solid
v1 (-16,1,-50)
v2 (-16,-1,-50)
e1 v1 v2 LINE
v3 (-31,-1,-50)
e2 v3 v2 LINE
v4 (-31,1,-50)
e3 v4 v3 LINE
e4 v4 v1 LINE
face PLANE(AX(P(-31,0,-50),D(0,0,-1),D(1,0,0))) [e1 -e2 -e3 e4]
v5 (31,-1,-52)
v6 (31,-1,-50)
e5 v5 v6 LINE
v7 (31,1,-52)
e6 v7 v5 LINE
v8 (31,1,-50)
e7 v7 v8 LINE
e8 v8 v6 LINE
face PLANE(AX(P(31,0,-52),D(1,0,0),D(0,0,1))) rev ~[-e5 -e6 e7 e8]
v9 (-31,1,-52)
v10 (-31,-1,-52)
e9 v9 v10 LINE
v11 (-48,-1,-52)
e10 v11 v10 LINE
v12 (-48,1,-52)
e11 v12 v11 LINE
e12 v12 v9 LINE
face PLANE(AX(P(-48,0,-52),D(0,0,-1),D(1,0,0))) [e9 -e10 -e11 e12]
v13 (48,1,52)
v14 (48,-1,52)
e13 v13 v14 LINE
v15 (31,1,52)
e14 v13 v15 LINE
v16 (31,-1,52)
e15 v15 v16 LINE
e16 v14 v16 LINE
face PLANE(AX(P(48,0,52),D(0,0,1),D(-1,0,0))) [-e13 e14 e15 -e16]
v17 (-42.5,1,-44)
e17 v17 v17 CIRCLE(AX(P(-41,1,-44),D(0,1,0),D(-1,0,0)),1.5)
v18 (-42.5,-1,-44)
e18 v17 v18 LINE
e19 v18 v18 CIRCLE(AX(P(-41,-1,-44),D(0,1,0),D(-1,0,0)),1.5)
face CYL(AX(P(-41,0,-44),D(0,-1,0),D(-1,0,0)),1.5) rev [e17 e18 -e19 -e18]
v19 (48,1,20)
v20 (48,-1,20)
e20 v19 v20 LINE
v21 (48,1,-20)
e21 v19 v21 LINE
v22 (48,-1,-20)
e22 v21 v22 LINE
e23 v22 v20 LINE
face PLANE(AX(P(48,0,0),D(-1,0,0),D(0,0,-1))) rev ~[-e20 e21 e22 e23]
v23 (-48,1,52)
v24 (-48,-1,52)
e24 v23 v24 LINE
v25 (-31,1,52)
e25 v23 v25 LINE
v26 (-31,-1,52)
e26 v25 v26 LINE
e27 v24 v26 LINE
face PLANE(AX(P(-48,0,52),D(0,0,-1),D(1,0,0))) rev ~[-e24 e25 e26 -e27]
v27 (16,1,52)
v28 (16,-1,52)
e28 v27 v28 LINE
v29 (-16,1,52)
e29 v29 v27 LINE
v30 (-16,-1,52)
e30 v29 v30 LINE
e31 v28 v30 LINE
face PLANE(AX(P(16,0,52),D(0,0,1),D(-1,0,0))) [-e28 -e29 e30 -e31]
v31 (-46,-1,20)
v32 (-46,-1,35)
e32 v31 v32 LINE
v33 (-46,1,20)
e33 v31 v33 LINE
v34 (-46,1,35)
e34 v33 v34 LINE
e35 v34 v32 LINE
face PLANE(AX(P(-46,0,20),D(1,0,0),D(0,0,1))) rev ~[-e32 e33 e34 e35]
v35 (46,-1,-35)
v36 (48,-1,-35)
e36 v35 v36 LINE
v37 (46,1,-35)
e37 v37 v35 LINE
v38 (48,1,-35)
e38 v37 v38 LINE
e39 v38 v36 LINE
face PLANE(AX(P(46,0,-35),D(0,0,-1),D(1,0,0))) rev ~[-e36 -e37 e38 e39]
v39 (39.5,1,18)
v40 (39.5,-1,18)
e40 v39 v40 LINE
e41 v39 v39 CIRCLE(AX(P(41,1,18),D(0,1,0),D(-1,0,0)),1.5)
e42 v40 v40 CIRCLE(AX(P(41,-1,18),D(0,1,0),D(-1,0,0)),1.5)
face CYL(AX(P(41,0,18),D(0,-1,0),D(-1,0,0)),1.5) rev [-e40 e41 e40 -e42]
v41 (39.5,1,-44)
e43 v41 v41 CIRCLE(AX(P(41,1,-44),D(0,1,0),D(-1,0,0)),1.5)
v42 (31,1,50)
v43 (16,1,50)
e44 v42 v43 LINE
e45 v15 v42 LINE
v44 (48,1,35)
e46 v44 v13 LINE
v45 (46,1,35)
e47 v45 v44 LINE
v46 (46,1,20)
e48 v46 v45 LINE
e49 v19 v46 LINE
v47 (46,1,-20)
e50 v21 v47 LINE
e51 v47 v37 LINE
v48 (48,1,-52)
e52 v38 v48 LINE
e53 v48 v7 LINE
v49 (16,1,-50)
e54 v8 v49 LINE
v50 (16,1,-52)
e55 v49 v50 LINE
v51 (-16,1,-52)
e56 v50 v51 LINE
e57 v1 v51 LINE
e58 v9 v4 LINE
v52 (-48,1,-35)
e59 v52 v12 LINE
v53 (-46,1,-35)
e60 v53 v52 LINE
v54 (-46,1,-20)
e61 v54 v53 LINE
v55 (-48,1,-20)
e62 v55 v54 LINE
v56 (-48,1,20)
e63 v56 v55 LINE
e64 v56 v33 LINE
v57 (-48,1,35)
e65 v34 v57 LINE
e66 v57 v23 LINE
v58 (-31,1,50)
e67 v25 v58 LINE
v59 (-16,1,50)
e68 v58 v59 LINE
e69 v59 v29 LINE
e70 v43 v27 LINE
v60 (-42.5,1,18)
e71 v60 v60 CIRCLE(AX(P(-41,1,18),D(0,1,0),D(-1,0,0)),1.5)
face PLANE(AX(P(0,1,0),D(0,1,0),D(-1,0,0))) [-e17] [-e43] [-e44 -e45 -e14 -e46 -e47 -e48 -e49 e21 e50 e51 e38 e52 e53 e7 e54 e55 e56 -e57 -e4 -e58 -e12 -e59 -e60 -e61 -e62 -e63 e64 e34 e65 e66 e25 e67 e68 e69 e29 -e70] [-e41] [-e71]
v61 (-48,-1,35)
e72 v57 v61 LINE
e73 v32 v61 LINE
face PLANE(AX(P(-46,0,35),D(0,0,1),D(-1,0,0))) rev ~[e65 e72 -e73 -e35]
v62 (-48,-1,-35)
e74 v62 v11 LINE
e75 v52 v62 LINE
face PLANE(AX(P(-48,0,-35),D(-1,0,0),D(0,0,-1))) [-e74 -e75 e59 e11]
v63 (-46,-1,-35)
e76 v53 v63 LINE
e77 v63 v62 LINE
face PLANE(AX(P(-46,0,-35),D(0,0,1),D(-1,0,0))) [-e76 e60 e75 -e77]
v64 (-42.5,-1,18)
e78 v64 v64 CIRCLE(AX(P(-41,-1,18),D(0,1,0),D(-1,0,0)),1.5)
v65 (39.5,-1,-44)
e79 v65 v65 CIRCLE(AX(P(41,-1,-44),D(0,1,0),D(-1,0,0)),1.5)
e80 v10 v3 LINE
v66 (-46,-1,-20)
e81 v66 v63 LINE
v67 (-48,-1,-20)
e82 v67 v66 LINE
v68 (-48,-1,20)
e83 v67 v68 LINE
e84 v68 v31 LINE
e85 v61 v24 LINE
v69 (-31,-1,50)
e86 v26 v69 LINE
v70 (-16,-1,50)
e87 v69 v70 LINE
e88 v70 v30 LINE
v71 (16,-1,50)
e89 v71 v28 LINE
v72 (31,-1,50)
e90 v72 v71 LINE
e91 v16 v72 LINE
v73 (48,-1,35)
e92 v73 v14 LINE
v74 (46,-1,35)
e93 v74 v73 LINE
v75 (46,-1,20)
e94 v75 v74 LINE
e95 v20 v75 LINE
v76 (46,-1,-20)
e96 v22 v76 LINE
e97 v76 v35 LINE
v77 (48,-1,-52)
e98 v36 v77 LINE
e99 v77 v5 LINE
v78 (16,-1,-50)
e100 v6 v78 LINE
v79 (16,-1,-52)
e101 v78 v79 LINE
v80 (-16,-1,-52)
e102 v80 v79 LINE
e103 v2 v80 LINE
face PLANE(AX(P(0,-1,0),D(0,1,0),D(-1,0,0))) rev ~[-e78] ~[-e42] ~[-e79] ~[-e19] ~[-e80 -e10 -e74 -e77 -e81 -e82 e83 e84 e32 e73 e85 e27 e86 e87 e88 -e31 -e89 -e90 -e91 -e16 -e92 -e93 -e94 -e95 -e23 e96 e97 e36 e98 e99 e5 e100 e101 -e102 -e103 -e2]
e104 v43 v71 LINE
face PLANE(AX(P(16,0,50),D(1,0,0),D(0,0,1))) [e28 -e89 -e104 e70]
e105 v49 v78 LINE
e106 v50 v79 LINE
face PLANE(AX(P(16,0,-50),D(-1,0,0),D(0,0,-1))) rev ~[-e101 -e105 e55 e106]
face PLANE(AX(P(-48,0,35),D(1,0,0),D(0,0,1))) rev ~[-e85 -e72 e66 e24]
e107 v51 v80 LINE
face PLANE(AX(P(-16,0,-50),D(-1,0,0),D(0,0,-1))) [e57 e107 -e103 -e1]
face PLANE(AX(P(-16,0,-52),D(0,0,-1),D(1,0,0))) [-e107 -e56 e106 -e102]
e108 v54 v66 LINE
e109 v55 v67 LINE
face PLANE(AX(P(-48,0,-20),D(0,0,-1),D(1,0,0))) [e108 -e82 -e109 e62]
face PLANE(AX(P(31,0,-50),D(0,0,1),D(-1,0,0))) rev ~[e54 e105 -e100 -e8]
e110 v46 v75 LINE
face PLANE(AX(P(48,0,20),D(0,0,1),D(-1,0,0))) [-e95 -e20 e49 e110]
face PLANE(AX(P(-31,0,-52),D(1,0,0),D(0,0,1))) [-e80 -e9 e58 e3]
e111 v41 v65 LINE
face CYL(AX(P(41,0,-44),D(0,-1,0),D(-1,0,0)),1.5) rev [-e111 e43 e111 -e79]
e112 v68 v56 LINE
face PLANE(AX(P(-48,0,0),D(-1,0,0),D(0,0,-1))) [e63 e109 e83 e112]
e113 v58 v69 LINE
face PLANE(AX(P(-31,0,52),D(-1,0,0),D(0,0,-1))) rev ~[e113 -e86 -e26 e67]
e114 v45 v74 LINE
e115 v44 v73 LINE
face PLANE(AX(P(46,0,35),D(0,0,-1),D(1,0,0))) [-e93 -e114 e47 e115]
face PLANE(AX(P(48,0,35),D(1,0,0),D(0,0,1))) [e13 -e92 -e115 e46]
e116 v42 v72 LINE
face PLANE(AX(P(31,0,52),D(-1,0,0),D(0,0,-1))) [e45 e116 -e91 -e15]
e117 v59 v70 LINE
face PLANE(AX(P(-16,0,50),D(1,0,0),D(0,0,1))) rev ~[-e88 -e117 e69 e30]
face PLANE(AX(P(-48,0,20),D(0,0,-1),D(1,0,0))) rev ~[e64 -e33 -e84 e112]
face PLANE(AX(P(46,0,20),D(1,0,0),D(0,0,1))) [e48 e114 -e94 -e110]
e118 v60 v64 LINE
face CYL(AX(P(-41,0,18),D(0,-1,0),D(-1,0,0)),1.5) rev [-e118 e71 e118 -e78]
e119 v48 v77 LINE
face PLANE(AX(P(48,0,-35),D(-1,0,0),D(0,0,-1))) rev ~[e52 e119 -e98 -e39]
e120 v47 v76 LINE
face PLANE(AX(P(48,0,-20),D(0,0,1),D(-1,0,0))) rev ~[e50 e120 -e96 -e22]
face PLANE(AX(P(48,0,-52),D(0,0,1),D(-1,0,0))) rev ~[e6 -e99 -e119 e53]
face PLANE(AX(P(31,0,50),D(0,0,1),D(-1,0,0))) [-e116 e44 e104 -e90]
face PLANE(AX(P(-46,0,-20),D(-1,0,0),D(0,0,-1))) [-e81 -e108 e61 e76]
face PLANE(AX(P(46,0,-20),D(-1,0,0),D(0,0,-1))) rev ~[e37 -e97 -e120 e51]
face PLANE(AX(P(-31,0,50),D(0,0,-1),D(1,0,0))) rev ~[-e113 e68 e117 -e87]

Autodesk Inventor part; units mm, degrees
ref_plane "YZ Plane" through (0, 0, 0) normal (1, 0, 0) x (0, 1, 0)
ref_plane "XZ Plane" through (0, 0, 0) normal (0, 1, 0) x (-1, 0, 0)
ref_plane "XY Plane" through (0, 0, 0) normal (0, 0, 1) x (1, 0, 0)
sketch "スケッチ1" plane through (0, 0, 0) normal (0, 1, 0) x (-1, 0, 0)
  line L0 (46, 50) -> (-46, 50) construction
  line L1 (-46, 50) -> (-46, -50) construction
  line L2 (-46, -50) -> (46, -50) construction
  line L3 (46, -50) -> (46, 50) construction
  line L4 (46, 50) -> (-46, -50) construction
  line L5 (-46, 50) -> (46, -50) construction
  circle A0 centre (41, -44) radius 1.5
  line L6 (45, 22) -> (-45, 22) construction
  line L7 (-45, 22) -> (-45, -48) construction
  line L8 (-45, -48) -> (45, -48) construction
  line L9 (45, -48) -> (45, 22) construction
  circle A1 centre (41, 18) radius 1.5
  circle A2 centre (-41, 18) radius 1.5
  circle A3 centre (-41, -44) radius 1.5
  line L10 (48, 0) -> (48, -20)
  line L11 (48, -20) -> (46, -20)
  line L12 (46, -20) -> (46, -35)
  line L13 (46, -35) -> (48, -35)
  line L14 (48, -35) -> (48, -52)
  line L15 (0, 0) -> (80.4536, 0) construction
  line L16 (48, 0) -> (48, 20)
  line L17 (48, 20) -> (46, 20)
  line L18 (46, 20) -> (46, 35)
  line L19 (46, 35) -> (48, 35)
  line L20 (48, 35) -> (48, 52)
  line L21 (0, 0) -> (0, 71.6244) construction
  line L22 (-48, 0) -> (-48, -20)
  line L23 (-48, -20) -> (-46, -20)
  line L24 (-46, -20) -> (-46, -35)
  line L25 (-46, -35) -> (-48, -35)
  line L26 (-48, -35) -> (-48, -52)
  line L27 (-48, 0) -> (-48, 20)
  line L28 (-48, 20) -> (-46, 20)
  line L29 (-46, 20) -> (-46, 35)
  line L30 (-46, 35) -> (-48, 35)
  line L31 (-48, 35) -> (-48, 52)
  line L32 (48, 52) -> (31, 52)
  line L33 (31, 52) -> (31, 50)
  line L34 (31, 50) -> (16, 50)
  line L35 (16, 50) -> (16, 52)
  line L36 (16, 52) -> (0, 52)
  line L37 (-48, 52) -> (-31, 52)
  line L38 (-31, 52) -> (-31, 50)
  line L39 (-31, 50) -> (-16, 50)
  line L40 (-16, 50) -> (-16, 52)
  line L41 (-16, 52) -> (0, 52)
  line L42 (46, -50) -> (-46, -50) construction
  line L43 (48, -52) -> (31, -52)
  line L44 (31, -52) -> (31, -50)
  line L45 (31, -50) -> (16, -50)
  line L46 (16, -50) -> (16, -52)
  line L47 (16, -52) -> (0, -52)
  line L48 (-16, -52) -> (0, -52)
  line L49 (-16, -50) -> (-16, -52)
  line L50 (-31, -50) -> (-16, -50)
  line L51 (-31, -52) -> (-31, -50)
  line L52 (-48, -52) -> (-31, -52)
  dimension "d0" = 92
  dimension "d1" = 100
  dimension "d2" = 3
  dimension "d5" = 90
  dimension "d6" = 70
  dimension "d7" = 1
  dimension "d8" = 2
  dimension "d9" = 3
  dimension "d10" = 4
  dimension "d11" = 4
  dimension "d12" = 4
  dimension "d13" = 4
  dimension "d14" = 3
  dimension "d15" = 3
  dimension "d16" = 4
  dimension "d17" = 4
  dimension "d18" = 4
  dimension "d19" = 4
  dimension "d32" = 17
  dimension "d33" = 15
  dimension "d34" = 20
  dimension "d35" = 2
  dimension "d36" = 2
  dimension "d37" = 17
  dimension "d38" = 15
  dimension "d39" = 16
  dimension "d40" = 2
  dimension "d41" = 2
extrude "押し出し1" add sketch "スケッチ1" along normal mid plane 2
equation "\"d9\" = d2"
equation "\"d10\" = d11"
equation "\"d13\" = d12"
equation "\"d14\" = d2"
equation "\"d15\" = d2"
equation "\"d16\" = d11"
equation "\"d17\" = d10"
equation "\"d18\" = d11"
equation "\"d19\" = d10"
equation "\"d36\" = d35"
properties part number "Back"
